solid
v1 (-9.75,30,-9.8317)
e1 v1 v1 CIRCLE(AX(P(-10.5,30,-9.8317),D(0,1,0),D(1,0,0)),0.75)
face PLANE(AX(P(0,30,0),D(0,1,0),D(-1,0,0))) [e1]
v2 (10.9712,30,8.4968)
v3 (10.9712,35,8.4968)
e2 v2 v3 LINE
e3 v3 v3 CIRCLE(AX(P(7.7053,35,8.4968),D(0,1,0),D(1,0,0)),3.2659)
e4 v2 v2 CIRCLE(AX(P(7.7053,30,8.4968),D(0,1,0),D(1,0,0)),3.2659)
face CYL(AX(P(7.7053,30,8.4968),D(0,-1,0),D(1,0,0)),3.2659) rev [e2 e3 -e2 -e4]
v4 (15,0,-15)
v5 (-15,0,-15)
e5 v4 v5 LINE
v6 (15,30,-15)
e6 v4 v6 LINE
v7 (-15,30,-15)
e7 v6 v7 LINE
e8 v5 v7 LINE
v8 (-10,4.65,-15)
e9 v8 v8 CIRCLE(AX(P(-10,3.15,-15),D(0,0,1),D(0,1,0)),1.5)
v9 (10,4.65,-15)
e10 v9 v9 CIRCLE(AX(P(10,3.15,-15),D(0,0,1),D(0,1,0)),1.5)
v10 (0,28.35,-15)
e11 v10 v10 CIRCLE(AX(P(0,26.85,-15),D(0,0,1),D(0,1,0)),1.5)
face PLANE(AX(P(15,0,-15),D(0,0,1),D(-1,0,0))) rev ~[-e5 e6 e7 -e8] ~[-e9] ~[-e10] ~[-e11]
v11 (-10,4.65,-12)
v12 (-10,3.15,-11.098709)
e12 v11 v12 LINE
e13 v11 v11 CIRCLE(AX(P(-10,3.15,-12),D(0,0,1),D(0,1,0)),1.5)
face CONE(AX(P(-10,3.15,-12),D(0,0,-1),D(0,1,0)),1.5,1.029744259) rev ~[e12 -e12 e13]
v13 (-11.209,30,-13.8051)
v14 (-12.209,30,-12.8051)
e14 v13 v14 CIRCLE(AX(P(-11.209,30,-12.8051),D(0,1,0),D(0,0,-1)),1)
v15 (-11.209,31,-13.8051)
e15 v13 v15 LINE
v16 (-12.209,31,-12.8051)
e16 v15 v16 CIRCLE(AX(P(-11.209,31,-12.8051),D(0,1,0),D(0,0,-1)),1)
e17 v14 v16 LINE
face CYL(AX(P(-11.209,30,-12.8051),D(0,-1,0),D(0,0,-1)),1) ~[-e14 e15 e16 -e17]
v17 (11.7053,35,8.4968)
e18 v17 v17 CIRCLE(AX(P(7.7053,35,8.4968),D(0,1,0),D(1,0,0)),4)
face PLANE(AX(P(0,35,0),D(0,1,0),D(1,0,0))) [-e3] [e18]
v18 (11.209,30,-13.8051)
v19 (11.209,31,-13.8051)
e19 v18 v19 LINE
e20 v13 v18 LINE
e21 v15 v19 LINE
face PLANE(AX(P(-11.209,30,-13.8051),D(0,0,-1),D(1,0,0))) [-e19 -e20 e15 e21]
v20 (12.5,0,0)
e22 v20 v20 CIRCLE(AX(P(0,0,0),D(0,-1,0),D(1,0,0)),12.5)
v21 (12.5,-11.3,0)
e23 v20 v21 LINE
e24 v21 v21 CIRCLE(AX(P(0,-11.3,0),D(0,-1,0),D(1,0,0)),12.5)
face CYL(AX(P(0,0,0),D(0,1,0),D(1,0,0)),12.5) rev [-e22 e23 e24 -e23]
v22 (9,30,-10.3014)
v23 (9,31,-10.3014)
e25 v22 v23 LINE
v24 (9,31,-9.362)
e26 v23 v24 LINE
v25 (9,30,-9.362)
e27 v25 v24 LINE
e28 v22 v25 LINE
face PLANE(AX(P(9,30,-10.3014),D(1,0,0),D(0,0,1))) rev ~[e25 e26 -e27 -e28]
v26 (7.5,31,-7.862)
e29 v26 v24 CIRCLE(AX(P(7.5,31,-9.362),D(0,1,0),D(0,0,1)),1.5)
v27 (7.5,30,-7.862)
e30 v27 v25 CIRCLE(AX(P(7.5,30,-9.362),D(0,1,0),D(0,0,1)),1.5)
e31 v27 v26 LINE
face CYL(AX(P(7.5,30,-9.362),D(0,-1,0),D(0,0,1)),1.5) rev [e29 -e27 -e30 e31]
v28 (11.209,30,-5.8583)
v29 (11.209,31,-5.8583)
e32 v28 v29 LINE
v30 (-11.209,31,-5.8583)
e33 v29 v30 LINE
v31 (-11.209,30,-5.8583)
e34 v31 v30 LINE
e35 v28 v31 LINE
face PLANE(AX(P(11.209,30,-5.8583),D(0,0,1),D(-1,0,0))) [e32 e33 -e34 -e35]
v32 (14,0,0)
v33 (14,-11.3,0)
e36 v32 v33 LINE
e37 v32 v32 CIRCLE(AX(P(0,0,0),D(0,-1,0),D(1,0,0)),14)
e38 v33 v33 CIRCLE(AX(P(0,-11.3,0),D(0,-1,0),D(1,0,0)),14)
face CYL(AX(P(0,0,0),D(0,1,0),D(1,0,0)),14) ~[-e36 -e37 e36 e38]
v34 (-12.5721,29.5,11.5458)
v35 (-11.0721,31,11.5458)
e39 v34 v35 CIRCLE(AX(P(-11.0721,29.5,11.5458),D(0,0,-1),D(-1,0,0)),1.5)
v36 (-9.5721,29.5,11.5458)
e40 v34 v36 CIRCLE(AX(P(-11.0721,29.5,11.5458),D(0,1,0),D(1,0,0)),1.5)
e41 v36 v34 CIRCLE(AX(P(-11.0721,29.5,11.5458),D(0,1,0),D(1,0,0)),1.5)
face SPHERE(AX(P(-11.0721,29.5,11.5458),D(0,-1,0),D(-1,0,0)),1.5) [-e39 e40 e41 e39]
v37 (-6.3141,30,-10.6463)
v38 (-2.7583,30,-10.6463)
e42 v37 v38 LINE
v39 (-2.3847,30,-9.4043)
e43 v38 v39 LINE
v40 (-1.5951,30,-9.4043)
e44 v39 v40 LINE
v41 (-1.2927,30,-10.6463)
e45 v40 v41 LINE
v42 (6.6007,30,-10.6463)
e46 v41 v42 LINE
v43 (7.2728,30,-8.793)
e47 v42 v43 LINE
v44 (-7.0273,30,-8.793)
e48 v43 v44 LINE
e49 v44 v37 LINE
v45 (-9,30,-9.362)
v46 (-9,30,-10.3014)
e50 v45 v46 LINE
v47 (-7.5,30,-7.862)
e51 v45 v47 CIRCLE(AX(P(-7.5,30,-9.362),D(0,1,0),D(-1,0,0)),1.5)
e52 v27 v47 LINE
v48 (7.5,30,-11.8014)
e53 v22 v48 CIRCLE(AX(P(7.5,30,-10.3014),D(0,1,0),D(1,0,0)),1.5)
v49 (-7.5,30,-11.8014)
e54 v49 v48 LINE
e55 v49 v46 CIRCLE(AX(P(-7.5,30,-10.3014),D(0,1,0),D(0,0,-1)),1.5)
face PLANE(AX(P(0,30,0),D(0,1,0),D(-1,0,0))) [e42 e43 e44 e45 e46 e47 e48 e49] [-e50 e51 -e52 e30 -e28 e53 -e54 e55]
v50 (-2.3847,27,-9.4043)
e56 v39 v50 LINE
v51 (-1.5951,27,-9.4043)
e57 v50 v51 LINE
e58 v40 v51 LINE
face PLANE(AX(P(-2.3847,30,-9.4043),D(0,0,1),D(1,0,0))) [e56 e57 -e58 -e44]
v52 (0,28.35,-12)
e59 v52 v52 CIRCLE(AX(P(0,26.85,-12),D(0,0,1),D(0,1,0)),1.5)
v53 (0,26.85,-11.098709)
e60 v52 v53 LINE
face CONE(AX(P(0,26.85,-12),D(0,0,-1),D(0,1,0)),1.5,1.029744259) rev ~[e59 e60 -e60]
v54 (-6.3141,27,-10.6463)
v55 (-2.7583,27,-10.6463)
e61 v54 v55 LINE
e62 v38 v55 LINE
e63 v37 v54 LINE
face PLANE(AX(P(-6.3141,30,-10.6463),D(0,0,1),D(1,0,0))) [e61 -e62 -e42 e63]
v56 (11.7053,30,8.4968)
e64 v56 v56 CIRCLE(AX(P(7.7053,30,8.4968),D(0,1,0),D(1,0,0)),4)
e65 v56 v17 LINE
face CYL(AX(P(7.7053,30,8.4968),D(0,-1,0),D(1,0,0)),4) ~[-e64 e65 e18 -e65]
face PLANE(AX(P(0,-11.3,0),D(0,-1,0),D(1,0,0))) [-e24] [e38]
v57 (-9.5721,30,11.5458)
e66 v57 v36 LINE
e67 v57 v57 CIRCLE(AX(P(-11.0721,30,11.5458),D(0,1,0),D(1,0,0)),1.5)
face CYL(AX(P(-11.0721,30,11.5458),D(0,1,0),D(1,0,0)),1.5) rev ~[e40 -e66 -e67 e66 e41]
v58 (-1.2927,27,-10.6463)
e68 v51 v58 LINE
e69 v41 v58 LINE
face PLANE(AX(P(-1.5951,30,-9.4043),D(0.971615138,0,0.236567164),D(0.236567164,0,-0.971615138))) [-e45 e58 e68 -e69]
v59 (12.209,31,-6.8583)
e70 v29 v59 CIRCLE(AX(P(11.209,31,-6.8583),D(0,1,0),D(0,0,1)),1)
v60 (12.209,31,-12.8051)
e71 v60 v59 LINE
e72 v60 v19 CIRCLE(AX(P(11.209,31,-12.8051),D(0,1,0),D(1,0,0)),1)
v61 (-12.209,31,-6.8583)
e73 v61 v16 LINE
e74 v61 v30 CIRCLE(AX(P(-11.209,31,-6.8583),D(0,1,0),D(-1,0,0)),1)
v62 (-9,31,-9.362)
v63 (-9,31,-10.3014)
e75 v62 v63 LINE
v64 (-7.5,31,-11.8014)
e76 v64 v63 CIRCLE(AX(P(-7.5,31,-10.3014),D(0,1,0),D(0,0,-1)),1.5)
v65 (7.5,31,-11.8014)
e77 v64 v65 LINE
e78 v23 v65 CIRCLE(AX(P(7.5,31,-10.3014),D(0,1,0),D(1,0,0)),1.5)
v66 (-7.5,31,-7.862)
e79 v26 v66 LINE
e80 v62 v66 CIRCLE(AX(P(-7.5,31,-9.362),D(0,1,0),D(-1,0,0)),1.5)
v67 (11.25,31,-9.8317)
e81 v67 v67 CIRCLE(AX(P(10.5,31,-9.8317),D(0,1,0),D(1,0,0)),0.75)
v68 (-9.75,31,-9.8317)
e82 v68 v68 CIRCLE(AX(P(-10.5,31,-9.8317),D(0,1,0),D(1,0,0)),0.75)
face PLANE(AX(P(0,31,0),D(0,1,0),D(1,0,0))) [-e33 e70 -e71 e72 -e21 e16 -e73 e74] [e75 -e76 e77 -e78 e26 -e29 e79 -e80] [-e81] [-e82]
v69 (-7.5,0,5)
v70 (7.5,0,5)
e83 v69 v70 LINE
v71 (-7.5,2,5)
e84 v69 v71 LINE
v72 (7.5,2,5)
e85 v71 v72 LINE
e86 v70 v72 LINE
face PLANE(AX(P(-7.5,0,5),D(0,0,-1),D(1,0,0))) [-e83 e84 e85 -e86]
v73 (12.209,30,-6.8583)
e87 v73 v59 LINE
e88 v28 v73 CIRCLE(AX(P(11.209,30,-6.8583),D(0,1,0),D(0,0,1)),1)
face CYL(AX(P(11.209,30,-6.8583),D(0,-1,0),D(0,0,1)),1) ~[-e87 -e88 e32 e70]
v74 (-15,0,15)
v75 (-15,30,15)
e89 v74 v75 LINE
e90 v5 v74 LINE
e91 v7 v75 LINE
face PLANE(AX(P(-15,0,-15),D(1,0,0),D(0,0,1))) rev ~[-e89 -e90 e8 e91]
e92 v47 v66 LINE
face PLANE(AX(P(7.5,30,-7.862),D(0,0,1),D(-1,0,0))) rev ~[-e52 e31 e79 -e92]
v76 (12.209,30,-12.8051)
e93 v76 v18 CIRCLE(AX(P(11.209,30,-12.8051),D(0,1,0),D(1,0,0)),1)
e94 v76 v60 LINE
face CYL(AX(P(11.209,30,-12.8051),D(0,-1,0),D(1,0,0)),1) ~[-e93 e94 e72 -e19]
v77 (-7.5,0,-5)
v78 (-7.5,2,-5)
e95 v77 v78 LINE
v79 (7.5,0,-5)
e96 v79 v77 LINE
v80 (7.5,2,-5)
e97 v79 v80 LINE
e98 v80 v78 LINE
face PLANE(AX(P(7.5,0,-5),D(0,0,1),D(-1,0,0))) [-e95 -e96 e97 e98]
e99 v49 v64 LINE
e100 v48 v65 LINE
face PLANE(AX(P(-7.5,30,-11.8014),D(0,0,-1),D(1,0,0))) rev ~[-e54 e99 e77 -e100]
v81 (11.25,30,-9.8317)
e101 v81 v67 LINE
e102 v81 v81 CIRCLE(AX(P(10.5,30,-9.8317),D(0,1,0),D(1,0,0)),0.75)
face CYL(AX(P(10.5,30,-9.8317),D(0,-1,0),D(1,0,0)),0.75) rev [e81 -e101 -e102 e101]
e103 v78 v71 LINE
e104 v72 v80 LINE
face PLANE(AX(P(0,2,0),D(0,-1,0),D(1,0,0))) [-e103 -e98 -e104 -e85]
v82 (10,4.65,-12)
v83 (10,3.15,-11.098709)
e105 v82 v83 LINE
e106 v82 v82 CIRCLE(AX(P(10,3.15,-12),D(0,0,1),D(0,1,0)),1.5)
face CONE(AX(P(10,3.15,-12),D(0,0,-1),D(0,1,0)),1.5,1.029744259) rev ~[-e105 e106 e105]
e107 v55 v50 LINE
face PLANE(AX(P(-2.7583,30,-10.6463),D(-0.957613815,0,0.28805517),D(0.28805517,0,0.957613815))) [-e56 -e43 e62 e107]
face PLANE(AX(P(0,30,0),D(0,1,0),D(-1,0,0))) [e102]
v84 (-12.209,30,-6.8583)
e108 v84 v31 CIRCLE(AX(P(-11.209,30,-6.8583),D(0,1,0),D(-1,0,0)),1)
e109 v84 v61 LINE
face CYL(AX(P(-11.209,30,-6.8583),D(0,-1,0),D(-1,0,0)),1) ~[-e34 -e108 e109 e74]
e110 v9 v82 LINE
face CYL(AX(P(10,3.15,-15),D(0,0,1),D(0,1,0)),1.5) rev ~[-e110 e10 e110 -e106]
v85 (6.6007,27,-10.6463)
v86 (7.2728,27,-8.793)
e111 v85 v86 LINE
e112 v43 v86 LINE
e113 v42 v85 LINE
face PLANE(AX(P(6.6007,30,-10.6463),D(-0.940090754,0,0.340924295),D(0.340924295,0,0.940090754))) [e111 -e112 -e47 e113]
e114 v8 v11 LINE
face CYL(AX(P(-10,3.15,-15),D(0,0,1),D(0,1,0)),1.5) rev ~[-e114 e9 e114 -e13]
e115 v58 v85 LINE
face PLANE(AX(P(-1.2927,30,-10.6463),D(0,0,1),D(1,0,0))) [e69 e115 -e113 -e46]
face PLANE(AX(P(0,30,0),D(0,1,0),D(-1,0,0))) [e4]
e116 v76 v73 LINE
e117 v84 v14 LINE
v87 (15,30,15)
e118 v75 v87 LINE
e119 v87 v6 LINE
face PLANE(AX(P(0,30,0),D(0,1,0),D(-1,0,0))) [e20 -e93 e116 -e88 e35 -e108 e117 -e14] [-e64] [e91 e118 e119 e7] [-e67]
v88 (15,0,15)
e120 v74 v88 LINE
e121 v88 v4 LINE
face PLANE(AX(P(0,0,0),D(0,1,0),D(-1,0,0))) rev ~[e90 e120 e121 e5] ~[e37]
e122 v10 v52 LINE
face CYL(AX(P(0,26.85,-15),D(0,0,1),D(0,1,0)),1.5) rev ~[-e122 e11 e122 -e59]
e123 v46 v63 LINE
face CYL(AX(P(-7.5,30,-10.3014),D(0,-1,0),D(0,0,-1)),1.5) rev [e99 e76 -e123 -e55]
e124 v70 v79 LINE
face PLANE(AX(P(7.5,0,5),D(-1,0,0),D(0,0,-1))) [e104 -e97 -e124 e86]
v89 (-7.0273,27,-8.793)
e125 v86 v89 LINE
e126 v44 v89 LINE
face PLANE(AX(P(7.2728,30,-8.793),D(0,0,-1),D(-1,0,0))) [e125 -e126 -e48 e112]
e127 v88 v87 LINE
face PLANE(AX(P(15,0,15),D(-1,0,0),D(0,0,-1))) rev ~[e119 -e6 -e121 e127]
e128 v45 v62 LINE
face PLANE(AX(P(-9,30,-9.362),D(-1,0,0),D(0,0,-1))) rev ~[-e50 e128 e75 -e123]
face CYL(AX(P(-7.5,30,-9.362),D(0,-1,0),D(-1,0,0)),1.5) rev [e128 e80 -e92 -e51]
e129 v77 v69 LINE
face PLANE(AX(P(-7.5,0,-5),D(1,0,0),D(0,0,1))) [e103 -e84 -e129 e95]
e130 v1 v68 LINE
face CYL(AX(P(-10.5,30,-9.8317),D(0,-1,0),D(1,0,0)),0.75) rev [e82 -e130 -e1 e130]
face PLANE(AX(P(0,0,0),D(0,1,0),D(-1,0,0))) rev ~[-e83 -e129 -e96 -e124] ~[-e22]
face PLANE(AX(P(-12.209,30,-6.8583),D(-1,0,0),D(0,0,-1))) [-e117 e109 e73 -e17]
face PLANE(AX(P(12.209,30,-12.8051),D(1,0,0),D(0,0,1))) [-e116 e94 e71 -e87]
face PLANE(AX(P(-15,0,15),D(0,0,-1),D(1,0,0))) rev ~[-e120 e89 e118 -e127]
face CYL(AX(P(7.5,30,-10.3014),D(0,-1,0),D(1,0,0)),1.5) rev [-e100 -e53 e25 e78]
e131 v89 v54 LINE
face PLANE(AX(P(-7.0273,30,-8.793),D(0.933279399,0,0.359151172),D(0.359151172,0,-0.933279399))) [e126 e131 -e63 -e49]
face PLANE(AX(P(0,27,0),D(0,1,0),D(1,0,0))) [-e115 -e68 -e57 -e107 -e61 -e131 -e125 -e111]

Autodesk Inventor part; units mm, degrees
ref_plane "YZ Plane" through (0, 0, 0) normal (1, 0, 0) x (0, 1, 0)
ref_plane "XZ Plane" through (0, 0, 0) normal (0, 1, 0) x (-1, 0, 0)
sketch "Sketch1" plane through (0, 0, 0) normal (0, 1, 0) x (-1, 0, 0)
  line L0 (-15, -15) -> (15, -15)
  line L1 (15, -15) -> (15, 15)
  line L2 (15, 15) -> (-15, 15)
  line L3 (-15, 15) -> (-15, -15)
  line L4 (-15, -15) -> (15, 15) construction
  line L5 (15, -15) -> (-15, 15) construction
  point P0 (0, 0)
  dimension "d0" = 30
  dimension "d1" = 30
extrude "Cube" add sketch "Sketch1" along normal blind 30
sketch "Sketch2" plane through (0, 0, 0) normal (0, -1, 0) x (1, 0, 0)
  circle A0 centre (0, 0) radius 14
  circle A1 centre (0, 0) radius 12.5
  dimension "d4" = 28
  dimension "d7" = 1.5
extrude "Lens Mount" add sketch "Sketch2" along normal blind 11.3
sketch "Sketch3" plane through (0, 0, 0) normal (0, -1, 0) x (1, 0, 0)
  line L0 (7.5, -5) -> (-7.5, -5)
  line L1 (-7.5, -5) -> (-7.5, 5)
  line L2 (-7.5, 5) -> (7.5, 5)
  line L3 (7.5, 5) -> (7.5, -5)
  line L4 (7.5, -5) -> (-7.5, 5) construction
  line L5 (-7.5, -5) -> (7.5, 5) construction
  point P0 (0, 0)
  dimension "d8" = 15
  dimension "d9" = 10
extrude "\"Sensor\"" cut sketch "Sketch3" against normal blind 2
sketch "Sketch4" plane through (15, 0, -15) normal (0, 0, -1) x (-1, 0, 0)
  line L0 (15, 0) -> (15, 30.669)
  line L1 (0, 30) -> (30, 30) projected
  point P0 (15, 26.85)
  point P1 (5, 3.15)
  point P2 (25, 3.15)
  dimension "d12" = 23.7
  dimension "d13" = 20
  dimension "d14" = 3.15
hole "Mounting Holes" at (0, 26.85, -15) at (10, 3.15, -15) at (-10, 3.15, -15) direction (0, 0, 1) diameter 3 depth 3 tip angle 118
sketch "Sketch5" plane through (0, 30, 0) normal (0, 1, 0) x (1, 0, 0)
  circle A0 centre (7.7053, -8.4968) radius 4
  circle A1 centre (7.7053, -8.4968) radius 3.2659
  point P0 (0, 0)
  dimension "d22" = 8
extrude "Cable Port" add sketch "Sketch5" along normal blind 5
sketch "Sketch6" plane through (0, 30, 0) normal (0, 1, 0) x (1, 0, 0)
  line L0 (7.2728, 8.793) -> (-7.0273, 8.793)
  line L1 (-7.0273, 8.793) -> (-6.3141, 10.6463)
  line L2 (-6.3141, 10.6463) -> (-2.7583, 10.6463)
  line L3 (-2.7583, 10.6463) -> (-2.3847, 9.4043)
  line L4 (-2.3847, 9.4043) -> (-1.5951, 9.4043)
  line L5 (-1.5951, 9.4043) -> (-1.2927, 10.6463)
  line L6 (-1.2927, 10.6463) -> (6.6007, 10.6463)
  line L7 (6.6007, 10.6463) -> (7.2728, 8.793)
  point P0 (0, 0)
extrude "HDMI profile" cut sketch "Sketch6" against normal blind 3
sketch "Sketch8" plane through (0, 30, 0) normal (0, 1, 0) x (1, 0, 0)
  line L0 (-7.5, 11.8014) -> (7.5, 11.8014)
  line L1 (9, 10.3014) -> (9, 9.362)
  line L2 (7.5, 7.862) -> (-7.5, 7.862)
  line L3 (-9, 9.362) -> (-9, 10.3014)
  line L4 (-9, 11.8014) -> (9, 7.862) construction
  line L5 (9, 11.8014) -> (-9, 7.862) construction
  arc A0 (7.5, 7.862) -> (9, 9.362) centre (7.5, 9.362) ccw
  arc A1 (-9, 9.362) -> (-7.5, 7.862) centre (-7.5, 9.362) ccw
  arc A2 (-7.5, 11.8014) -> (-9, 10.3014) centre (-7.5, 10.3014) ccw
  arc A3 (9, 10.3014) -> (7.5, 11.8014) centre (7.5, 10.3014) ccw
  line L6 (-11.209, 13.8051) -> (11.209, 13.8051)
  line L7 (12.209, 12.8051) -> (12.209, 6.8583)
  line L8 (11.209, 5.8583) -> (-11.209, 5.8583)
  line L9 (-12.209, 6.8583) -> (-12.209, 12.8051)
  line L10 (-12.209, 13.8051) -> (12.209, 5.8583) construction
  line L11 (12.209, 13.8051) -> (-12.209, 5.8583) construction
  arc A4 (11.209, 5.8583) -> (12.209, 6.8583) centre (11.209, 6.8583) ccw
  arc A5 (-12.209, 6.8583) -> (-11.209, 5.8583) centre (-11.209, 6.8583) ccw
  arc A6 (-11.209, 13.8051) -> (-12.209, 12.8051) centre (-11.209, 12.8051) ccw
  arc A7 (12.209, 12.8051) -> (11.209, 13.8051) centre (11.209, 12.8051) ccw
  circle A8 centre (10.5, 9.8317) radius 0.75
  circle A9 centre (-10.5, 9.8317) radius 0.75
  point P0 (0, 0)
  point P1 (0, 9.8317)
  dimension "d27" = 1.5
  dimension "d28" = 1
  dimension "d31" = 24.4179
  dimension "d32" = 18
  dimension "d33" = 1.5
  dimension "d34" = 10.5
  dimension "d35" = 1.5
  dimension "d36" = 10.5
extrude "Cable Mount" add sketch "Sketch8" along normal blind 1
sketch "Sketch9" plane through (0, 30, 0) normal (0, 1, 0) x (1, 0, 0)
  circle A0 centre (-11.0721, -11.5458) radius 1.5
  point P0 (0, 0)
  dimension "d37" = 3
extrude "Extrusion7" cut sketch "Sketch9" against normal blind 0.5
ref_plane "Work Plane1" through (-11.0721, 29.5, 11.5458) normal (0, 0, 1) x (0, -1, 0)
sketch "Sketch10" plane through (-11.0721, 29.5, 11.5458) normal (0, 0, 1) x (0, -1, 0)
  line L0 (0, -1.5) -> (0, 1.5) projected
  line L1 (0, -1.5) -> (0, 1.5) projected
  line L2 (-0.5, -1.5) -> (-0.5, 1.5) projected
  line L3 (0, -1.5) -> (0, 1.5) projected
  line L4 (-1.5, 0) -> (0, 0)
  arc A0 (-1.5, 0) -> (0, -1.5) centre (0, 0) ccw
  line L5 (-14.76, 0) -> (50.06, 0) projected
  point P0 (29.5, 11.0721)
  point P1 (0, 0)
revolve "Revolution1" add sketch "Sketch10" angle 360 about axis through (-11.0721, 29.5, 11.5458) along (0, -1, 0)
properties part number "OpticalCamera"
